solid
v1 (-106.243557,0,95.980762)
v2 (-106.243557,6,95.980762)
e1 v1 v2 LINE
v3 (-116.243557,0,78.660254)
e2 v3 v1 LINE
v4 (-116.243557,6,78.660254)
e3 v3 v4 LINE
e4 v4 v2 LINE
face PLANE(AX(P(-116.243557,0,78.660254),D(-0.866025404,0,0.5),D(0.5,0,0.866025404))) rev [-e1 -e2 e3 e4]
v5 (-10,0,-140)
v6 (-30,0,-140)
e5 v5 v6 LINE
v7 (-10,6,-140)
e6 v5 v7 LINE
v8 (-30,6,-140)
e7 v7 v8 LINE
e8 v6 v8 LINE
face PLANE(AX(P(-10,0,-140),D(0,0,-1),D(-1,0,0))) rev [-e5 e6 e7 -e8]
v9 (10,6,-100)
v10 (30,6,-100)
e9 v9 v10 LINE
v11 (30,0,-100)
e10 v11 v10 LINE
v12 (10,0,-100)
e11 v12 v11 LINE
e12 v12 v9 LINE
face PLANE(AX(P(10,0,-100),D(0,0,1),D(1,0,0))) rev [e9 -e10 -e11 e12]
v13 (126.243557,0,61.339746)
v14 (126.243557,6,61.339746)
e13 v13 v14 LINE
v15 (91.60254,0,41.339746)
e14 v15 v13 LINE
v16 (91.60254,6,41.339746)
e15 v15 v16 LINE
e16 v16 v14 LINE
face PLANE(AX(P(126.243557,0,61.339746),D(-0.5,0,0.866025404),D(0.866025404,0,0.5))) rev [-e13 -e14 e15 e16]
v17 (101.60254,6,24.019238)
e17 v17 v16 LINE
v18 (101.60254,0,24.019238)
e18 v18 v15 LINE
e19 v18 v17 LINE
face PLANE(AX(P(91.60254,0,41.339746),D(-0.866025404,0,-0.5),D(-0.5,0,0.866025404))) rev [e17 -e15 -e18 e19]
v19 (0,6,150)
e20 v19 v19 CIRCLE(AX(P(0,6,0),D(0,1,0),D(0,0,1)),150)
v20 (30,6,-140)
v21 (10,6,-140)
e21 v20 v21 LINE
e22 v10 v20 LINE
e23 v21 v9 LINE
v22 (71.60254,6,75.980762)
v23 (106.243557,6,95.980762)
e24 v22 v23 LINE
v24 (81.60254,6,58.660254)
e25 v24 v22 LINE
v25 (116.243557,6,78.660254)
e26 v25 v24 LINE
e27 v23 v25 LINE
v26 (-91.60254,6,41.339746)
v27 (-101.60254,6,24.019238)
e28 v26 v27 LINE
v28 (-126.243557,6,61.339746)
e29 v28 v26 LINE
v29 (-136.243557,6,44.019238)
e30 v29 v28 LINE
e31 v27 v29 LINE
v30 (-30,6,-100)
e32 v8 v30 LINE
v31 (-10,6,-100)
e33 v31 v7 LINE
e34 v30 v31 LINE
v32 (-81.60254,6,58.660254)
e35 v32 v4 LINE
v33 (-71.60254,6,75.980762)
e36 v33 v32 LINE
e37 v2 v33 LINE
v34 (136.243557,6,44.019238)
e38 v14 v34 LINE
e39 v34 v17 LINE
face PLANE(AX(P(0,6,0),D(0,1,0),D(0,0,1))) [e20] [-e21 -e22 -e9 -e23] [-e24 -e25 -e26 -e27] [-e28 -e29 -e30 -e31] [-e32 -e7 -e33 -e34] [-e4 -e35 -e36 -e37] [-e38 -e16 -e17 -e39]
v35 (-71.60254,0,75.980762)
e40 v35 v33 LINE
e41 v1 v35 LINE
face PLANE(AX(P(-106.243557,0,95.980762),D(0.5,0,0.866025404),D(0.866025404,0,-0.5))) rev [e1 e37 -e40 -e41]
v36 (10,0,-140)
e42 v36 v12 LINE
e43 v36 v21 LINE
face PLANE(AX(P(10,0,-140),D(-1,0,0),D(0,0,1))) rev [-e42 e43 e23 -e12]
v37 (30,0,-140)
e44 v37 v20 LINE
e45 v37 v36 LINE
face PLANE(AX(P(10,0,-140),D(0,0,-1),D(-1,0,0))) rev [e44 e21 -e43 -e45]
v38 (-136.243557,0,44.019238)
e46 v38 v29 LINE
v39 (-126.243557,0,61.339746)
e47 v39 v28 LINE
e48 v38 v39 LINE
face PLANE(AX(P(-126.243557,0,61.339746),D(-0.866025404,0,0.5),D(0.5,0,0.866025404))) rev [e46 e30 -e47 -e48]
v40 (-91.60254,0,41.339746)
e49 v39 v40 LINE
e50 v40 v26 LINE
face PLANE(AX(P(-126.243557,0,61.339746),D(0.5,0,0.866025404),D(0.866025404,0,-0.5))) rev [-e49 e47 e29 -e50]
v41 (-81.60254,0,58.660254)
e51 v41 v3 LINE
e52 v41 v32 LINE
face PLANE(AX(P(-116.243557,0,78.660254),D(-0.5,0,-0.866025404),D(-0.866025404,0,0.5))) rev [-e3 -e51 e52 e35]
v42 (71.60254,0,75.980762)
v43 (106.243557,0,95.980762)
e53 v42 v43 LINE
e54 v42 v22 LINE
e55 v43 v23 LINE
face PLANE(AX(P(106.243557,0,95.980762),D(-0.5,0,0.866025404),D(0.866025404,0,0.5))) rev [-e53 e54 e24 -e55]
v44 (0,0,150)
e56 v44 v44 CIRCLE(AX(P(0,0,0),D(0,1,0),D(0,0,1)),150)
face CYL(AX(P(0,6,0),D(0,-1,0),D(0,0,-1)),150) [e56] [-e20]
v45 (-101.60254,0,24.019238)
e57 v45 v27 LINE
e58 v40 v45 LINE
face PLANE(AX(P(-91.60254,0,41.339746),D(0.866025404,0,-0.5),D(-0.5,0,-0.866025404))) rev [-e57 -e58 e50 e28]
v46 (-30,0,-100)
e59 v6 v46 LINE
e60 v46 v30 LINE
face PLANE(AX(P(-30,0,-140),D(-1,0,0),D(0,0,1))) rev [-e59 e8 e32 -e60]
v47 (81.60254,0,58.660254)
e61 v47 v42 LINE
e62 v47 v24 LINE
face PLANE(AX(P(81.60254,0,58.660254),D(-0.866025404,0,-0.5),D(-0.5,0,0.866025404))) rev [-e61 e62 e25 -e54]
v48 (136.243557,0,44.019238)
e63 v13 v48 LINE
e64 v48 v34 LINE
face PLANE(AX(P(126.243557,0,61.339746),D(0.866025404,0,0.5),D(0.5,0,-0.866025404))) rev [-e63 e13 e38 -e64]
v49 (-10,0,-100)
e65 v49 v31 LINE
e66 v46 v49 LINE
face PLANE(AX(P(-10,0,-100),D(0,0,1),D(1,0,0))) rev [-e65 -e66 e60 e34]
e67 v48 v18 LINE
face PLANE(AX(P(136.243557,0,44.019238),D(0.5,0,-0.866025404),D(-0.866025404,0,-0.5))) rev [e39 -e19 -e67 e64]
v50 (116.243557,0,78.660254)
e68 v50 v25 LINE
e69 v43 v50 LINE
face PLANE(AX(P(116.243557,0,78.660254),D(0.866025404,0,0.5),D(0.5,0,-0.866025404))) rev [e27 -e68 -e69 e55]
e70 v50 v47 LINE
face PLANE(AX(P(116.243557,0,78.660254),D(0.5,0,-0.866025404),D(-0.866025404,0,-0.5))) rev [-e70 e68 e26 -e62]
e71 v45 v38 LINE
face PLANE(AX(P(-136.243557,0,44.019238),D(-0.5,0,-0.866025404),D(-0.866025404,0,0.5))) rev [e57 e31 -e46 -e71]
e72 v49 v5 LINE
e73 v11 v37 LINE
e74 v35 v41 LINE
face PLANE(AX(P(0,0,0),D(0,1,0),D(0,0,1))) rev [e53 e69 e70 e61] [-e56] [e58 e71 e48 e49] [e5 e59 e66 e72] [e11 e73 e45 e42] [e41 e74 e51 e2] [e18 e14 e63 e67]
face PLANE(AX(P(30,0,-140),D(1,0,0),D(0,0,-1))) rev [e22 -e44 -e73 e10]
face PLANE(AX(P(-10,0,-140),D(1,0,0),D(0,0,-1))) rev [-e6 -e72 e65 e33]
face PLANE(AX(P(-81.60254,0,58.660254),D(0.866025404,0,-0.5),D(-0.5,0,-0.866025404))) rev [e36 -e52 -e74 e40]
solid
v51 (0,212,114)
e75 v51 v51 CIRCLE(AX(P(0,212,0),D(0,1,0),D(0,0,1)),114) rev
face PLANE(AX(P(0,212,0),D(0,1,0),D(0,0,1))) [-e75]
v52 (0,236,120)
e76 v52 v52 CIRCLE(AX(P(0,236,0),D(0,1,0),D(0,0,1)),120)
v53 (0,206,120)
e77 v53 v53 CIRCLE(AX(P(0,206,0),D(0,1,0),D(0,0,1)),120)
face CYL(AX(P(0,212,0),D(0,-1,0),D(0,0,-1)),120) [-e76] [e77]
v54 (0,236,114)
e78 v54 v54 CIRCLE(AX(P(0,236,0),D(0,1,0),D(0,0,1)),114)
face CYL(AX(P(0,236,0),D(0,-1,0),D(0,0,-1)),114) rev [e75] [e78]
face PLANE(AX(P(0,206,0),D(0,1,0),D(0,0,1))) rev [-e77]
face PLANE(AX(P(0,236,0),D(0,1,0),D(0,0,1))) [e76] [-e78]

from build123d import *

# Parameters (mm, degrees)
SKETCH1_R           = 150
BOSS_EXTRUDE1_DEPTH = 6
SKETCH2_W           = 20
SKETCH2_H           = 40
CUT_EXTRUDE1_DEPTH  = 6
SKETCH3_R           = 120
BOSS_EXTRUDE2_DEPTH = 6
SKETCH5_R           = 120
SKETCH5_R_2         = 114
BOSS_EXTRUDE4_DEPTH = 24


with BuildPart() as part:
    # Sketch1 → Boss-Extrude1 (new body)
    with BuildSketch(Plane(origin=(0, 0, 0), x_dir=(1, 0, 0), z_dir=(0, 1, 0))):
        with Locations(Location((0, 0, 0), (0, 0, 270))):  # turned: the seam where the file's is
            Circle(SKETCH1_R)
    extrude(amount=BOSS_EXTRUDE1_DEPTH)

    # Sketch2 → Cut-Extrude1 (cut)
    with BuildSketch(Plane(origin=(0, 6, 0), x_dir=(1, 0, 0), z_dir=(0, 1, 0))):
        with Locations((-20, 120)):
            Rectangle(SKETCH2_W, SKETCH2_H)
        with Locations((20, 120)):
            Rectangle(SKETCH2_W, SKETCH2_H)
        Polygon((126.24355653, -61.339745962), (91.602540378, -41.339745962), (101.602540378, -24.019237886), (136.24355653, -44.019237886), align=None)
        Polygon((116.24355653, -78.660254038), (81.602540378, -58.660254038), (71.602540378, -75.980762114), (106.24355653, -95.980762114), align=None)
        Polygon((-116.24355653, -78.660254038), (-81.602540378, -58.660254038), (-71.602540378, -75.980762114), (-106.24355653, -95.980762114), align=None)
        Polygon((-126.24355653, -61.339745962), (-91.602540378, -41.339745962), (-101.602540378, -24.019237886), (-136.24355653, -44.019237886), align=None)
    extrude(amount=-CUT_EXTRUDE1_DEPTH, mode=Mode.SUBTRACT)


with BuildPart() as body_2:
    # Sketch3 → Boss-Extrude2 (new body)
    with BuildSketch(Plane(origin=(0, 206, 0), x_dir=(1, 0, 0), z_dir=(0, 1, 0))):
        with Locations(Location((0, 0, 0), (0, 0, 270))):  # turned: the seam where the file's is
            Circle(SKETCH3_R)
    extrude(amount=BOSS_EXTRUDE2_DEPTH)

    # Sketch5 → Boss-Extrude4 (add)
    with BuildSketch(Plane(origin=(0, 212, 0), x_dir=(1, 0, 0), z_dir=(0, 1, 0))):
        with Locations(Location((0, 0, 0), (0, 0, 270))):  # turned: the seam where the file's is
            Circle(SKETCH5_R)
        with Locations(Location((0, 0, 0), (0, 0, 270))):  # turned: the seam where the file's is
            Circle(SKETCH5_R_2, mode=Mode.SUBTRACT)
    extrude(amount=BOSS_EXTRUDE4_DEPTH)


solid = Compound([part.part, body_2.part])
